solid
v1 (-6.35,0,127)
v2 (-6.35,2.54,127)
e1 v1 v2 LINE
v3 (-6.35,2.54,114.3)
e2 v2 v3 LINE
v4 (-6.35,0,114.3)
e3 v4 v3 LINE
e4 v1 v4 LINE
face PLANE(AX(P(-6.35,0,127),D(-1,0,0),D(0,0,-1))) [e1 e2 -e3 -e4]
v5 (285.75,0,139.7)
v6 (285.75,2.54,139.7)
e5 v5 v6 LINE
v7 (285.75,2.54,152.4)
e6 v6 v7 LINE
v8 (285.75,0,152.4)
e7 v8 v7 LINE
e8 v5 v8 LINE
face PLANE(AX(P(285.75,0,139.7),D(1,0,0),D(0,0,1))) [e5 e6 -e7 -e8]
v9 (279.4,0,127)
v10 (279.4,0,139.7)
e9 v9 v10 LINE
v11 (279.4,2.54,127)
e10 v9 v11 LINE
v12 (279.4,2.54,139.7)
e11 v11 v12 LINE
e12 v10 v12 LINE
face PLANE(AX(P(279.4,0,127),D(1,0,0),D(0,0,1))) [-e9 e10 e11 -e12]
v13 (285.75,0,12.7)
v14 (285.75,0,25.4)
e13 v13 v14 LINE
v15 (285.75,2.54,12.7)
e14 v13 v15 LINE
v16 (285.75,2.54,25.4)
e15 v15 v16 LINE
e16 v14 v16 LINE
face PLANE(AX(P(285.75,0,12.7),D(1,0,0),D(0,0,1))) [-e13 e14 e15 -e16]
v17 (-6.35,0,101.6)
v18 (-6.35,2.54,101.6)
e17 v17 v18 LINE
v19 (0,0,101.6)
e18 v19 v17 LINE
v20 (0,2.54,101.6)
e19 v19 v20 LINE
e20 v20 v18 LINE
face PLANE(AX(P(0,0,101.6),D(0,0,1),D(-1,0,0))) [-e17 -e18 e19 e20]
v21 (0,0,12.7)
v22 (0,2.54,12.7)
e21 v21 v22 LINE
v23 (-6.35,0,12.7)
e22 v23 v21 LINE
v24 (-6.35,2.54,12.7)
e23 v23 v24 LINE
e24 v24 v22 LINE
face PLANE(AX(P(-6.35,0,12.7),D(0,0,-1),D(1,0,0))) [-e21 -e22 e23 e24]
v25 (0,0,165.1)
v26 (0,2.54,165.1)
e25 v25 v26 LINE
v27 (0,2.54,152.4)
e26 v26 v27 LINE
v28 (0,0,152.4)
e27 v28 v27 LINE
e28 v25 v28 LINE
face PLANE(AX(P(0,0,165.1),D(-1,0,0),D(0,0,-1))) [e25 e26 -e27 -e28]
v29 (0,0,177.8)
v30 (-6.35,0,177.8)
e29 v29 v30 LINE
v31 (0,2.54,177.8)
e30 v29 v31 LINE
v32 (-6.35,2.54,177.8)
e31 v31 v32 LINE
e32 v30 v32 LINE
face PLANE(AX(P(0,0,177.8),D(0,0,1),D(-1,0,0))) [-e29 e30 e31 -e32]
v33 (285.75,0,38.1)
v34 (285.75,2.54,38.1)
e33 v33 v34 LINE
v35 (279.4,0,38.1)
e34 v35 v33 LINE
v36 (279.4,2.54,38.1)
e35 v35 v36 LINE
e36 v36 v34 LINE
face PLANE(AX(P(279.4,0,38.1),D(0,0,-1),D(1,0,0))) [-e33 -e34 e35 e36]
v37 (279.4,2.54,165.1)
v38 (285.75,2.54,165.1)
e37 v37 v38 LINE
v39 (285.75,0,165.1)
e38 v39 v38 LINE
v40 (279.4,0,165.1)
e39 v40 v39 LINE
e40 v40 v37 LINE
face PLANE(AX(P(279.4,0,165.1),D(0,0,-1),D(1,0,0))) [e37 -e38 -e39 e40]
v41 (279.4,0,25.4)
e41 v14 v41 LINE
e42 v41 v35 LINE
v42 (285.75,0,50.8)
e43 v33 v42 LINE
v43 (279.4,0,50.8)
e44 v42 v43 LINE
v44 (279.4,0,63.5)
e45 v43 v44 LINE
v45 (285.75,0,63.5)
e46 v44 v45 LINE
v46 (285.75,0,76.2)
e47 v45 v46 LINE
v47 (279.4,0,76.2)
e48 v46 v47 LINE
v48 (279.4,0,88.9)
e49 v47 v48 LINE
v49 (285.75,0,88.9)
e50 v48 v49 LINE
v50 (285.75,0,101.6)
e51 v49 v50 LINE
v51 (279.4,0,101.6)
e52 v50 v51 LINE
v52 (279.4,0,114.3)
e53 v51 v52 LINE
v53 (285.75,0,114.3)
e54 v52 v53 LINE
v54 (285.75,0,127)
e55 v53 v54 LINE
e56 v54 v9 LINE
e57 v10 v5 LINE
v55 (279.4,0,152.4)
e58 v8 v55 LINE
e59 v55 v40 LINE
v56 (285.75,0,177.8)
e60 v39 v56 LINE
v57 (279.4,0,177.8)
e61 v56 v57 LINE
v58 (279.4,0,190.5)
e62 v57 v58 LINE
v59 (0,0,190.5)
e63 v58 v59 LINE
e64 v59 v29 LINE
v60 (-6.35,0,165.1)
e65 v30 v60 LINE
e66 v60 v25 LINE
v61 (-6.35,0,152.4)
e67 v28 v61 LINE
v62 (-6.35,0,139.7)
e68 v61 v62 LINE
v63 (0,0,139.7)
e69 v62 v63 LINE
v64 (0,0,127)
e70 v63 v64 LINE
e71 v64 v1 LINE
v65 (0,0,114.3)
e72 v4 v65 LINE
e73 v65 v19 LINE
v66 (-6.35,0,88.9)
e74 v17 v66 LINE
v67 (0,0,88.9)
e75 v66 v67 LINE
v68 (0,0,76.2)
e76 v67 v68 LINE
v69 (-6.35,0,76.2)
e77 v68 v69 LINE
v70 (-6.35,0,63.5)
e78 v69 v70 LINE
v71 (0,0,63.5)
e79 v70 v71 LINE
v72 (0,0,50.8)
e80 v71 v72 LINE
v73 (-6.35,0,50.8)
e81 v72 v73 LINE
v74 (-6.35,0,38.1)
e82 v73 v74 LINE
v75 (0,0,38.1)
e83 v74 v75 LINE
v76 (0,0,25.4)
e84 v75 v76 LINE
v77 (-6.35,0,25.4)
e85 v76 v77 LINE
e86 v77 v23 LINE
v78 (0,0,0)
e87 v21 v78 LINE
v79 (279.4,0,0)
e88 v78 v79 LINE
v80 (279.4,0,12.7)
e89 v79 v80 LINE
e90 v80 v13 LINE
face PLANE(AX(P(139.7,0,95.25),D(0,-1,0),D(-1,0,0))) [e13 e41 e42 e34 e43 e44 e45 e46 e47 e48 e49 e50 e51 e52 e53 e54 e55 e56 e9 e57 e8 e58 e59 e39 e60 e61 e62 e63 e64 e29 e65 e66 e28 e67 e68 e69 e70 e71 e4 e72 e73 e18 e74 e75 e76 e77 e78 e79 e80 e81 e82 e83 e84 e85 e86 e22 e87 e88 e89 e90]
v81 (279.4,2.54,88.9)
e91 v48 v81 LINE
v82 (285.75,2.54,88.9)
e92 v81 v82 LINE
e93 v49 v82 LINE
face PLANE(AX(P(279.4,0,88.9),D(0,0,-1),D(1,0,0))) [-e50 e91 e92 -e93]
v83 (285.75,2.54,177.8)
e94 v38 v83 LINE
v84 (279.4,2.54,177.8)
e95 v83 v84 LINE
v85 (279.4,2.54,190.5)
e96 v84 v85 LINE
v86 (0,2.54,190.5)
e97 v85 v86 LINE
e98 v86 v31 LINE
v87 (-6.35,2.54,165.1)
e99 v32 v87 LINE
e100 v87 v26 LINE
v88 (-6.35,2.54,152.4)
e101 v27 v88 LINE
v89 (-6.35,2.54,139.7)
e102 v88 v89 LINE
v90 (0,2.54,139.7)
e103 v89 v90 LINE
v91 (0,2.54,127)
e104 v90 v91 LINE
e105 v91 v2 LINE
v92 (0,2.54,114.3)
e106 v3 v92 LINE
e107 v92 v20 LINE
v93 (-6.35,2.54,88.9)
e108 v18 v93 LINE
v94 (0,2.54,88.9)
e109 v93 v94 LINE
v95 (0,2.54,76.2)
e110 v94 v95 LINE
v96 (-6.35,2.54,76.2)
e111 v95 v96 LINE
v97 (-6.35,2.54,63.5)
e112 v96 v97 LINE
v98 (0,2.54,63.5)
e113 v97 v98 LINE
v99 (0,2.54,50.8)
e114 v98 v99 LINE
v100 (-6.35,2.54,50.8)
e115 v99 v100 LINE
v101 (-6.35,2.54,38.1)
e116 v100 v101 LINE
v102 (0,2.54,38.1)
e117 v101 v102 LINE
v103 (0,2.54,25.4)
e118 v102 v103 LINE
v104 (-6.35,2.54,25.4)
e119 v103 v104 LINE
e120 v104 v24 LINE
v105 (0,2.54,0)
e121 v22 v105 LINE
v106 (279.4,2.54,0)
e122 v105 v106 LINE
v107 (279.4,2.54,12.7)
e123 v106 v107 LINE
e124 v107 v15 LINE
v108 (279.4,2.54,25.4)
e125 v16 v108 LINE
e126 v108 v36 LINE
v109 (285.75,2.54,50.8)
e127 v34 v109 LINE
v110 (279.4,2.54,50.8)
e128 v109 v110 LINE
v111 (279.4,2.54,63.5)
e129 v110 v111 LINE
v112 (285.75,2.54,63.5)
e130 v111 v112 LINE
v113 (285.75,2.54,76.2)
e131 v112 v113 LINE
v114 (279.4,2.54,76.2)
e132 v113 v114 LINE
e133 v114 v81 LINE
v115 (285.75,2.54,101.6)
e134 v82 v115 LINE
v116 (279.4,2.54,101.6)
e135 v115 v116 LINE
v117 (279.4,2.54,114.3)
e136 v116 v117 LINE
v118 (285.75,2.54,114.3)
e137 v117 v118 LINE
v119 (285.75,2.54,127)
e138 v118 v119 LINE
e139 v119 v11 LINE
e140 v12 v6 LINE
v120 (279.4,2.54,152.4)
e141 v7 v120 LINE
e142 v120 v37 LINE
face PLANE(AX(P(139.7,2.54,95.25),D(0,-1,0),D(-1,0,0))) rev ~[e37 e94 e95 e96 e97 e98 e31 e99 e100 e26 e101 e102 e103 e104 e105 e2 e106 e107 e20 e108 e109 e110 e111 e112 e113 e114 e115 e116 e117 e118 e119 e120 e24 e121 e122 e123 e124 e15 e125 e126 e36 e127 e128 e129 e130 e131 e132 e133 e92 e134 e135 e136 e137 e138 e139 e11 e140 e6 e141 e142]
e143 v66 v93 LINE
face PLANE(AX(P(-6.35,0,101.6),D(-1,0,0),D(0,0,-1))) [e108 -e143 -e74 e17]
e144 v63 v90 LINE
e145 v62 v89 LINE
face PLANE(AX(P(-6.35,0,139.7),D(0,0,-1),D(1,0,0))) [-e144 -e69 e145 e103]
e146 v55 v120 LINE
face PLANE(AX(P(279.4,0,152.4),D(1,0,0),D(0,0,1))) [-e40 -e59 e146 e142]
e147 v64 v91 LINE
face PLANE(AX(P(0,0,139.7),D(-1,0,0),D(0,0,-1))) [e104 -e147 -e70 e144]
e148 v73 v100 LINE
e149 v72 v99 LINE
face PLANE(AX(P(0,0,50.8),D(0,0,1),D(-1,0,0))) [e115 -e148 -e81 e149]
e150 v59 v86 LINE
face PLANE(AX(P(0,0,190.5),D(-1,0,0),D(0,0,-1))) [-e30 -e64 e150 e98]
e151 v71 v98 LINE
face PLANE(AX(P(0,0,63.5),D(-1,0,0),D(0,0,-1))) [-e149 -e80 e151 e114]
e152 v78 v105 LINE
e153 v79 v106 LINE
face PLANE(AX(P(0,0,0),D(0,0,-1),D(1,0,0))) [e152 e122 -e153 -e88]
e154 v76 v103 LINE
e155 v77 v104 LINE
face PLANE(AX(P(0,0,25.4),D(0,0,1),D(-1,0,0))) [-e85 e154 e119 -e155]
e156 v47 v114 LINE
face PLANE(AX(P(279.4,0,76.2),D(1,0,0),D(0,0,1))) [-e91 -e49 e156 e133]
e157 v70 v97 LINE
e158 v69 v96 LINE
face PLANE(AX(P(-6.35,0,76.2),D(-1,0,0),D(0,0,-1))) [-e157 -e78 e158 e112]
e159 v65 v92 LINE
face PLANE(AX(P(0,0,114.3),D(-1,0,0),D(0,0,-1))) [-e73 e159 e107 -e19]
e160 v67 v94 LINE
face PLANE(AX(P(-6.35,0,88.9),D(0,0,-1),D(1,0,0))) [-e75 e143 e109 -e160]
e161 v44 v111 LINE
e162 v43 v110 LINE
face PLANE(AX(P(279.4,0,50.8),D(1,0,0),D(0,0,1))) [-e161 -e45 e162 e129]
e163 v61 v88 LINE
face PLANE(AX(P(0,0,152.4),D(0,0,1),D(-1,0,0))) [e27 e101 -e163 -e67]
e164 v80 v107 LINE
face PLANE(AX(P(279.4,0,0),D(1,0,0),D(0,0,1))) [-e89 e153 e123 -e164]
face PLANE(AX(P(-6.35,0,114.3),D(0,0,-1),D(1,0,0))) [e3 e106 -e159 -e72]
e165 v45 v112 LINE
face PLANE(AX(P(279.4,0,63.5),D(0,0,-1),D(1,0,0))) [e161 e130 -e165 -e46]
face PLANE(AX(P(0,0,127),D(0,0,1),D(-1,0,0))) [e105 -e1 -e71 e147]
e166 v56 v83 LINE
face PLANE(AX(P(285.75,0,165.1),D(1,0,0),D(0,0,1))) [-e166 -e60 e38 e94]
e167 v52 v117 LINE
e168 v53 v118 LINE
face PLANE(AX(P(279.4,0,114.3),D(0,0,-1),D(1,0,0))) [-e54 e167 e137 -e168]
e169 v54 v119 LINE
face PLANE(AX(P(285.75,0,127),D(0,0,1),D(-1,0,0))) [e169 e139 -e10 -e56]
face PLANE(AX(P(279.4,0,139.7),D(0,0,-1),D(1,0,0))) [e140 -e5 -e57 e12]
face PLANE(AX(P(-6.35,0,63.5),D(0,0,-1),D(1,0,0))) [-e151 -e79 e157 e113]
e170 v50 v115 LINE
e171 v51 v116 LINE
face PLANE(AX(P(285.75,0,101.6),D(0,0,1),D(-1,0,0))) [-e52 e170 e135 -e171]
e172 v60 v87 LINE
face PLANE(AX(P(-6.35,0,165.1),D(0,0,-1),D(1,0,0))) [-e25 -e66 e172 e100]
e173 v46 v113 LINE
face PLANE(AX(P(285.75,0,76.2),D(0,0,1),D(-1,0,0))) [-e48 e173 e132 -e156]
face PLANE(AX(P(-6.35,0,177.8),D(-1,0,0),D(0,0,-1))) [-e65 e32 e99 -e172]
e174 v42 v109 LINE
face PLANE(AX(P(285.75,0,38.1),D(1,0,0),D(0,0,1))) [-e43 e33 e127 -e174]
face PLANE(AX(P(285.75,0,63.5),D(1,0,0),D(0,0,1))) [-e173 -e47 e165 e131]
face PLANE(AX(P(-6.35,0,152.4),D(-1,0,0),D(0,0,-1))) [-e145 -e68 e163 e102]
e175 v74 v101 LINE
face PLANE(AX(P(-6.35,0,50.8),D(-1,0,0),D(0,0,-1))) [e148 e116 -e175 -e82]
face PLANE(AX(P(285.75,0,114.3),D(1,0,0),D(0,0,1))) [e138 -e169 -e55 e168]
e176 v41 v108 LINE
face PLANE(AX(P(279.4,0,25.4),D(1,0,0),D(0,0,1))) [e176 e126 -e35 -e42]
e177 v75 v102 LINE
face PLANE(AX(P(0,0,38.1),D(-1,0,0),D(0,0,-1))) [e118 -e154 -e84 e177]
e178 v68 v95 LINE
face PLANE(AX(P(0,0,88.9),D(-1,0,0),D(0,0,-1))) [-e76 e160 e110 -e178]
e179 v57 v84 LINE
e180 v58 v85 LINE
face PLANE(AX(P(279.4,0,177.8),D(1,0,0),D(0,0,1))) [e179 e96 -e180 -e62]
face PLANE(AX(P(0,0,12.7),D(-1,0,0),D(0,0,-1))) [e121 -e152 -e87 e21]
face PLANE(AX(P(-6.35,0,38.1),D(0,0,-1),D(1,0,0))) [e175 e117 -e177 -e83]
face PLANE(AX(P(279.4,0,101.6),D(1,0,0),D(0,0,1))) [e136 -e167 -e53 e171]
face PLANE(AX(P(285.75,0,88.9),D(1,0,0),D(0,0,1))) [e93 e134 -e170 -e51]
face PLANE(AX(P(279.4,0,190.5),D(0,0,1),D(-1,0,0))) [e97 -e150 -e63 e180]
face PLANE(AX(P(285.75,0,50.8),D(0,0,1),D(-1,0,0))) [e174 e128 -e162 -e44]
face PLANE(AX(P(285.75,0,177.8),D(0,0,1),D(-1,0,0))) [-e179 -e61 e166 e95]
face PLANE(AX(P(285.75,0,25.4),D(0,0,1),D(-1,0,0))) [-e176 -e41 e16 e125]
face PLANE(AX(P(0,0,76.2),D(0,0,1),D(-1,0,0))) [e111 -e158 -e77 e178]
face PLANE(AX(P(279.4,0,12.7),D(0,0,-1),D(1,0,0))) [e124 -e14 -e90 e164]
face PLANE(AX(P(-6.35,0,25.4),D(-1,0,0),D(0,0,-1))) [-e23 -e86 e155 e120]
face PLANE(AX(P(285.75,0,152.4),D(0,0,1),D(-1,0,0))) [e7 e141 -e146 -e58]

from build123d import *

# Parameters (mm, degrees)
BOSS_EXTRUDE1_DEPTH = 2.54


with BuildPart() as part:
    # Sketch1 → Boss-Extrude1 (new body)
    with BuildSketch(Plane(origin=(0, 0, 0), x_dir=(1, 0, 0), z_dir=(0, 1, 0))):
        Polygon((0, 0), (279.4, 0), (279.4, -12.7), (285.75, -12.7), (285.75, -25.4), (279.4, -25.4), (279.4, -38.1), (285.75, -38.1), (285.75, -50.8), (279.4, -50.8), (279.4, -63.5), (285.75, -63.5), (285.75, -76.2), (279.4, -76.2), (279.4, -88.9), (285.75, -88.9), (285.75, -101.6), (279.4, -101.6), (279.4, -114.3), (285.75, -114.3), (285.75, -127), (279.4, -127), (279.4, -139.7), (285.75, -139.7), (285.75, -152.4), (279.4, -152.4), (279.4, -165.1), (285.75, -165.1), (285.75, -177.8), (279.4, -177.8), (279.4, -190.5), (0, -190.5), (0, -177.8), (-6.35, -177.8), (-6.35, -165.1), (0, -165.1), (0, -152.4), (-6.35, -152.4), (-6.35, -139.7), (0, -139.7), (0, -127), (-6.35, -127), (-6.35, -114.3), (0, -114.3), (0, -101.6), (-6.35, -101.6), (-6.35, -88.9), (0, -88.9), (0, -76.2), (-6.35, -76.2), (-6.35, -63.5), (0, -63.5), (0, -50.8), (-6.35, -50.8), (-6.35, -38.1), (0, -38.1), (0, -25.4), (-6.35, -25.4), (-6.35, -12.7), (0, -12.7), align=None)
    extrude(amount=BOSS_EXTRUDE1_DEPTH)


solid = part.part
